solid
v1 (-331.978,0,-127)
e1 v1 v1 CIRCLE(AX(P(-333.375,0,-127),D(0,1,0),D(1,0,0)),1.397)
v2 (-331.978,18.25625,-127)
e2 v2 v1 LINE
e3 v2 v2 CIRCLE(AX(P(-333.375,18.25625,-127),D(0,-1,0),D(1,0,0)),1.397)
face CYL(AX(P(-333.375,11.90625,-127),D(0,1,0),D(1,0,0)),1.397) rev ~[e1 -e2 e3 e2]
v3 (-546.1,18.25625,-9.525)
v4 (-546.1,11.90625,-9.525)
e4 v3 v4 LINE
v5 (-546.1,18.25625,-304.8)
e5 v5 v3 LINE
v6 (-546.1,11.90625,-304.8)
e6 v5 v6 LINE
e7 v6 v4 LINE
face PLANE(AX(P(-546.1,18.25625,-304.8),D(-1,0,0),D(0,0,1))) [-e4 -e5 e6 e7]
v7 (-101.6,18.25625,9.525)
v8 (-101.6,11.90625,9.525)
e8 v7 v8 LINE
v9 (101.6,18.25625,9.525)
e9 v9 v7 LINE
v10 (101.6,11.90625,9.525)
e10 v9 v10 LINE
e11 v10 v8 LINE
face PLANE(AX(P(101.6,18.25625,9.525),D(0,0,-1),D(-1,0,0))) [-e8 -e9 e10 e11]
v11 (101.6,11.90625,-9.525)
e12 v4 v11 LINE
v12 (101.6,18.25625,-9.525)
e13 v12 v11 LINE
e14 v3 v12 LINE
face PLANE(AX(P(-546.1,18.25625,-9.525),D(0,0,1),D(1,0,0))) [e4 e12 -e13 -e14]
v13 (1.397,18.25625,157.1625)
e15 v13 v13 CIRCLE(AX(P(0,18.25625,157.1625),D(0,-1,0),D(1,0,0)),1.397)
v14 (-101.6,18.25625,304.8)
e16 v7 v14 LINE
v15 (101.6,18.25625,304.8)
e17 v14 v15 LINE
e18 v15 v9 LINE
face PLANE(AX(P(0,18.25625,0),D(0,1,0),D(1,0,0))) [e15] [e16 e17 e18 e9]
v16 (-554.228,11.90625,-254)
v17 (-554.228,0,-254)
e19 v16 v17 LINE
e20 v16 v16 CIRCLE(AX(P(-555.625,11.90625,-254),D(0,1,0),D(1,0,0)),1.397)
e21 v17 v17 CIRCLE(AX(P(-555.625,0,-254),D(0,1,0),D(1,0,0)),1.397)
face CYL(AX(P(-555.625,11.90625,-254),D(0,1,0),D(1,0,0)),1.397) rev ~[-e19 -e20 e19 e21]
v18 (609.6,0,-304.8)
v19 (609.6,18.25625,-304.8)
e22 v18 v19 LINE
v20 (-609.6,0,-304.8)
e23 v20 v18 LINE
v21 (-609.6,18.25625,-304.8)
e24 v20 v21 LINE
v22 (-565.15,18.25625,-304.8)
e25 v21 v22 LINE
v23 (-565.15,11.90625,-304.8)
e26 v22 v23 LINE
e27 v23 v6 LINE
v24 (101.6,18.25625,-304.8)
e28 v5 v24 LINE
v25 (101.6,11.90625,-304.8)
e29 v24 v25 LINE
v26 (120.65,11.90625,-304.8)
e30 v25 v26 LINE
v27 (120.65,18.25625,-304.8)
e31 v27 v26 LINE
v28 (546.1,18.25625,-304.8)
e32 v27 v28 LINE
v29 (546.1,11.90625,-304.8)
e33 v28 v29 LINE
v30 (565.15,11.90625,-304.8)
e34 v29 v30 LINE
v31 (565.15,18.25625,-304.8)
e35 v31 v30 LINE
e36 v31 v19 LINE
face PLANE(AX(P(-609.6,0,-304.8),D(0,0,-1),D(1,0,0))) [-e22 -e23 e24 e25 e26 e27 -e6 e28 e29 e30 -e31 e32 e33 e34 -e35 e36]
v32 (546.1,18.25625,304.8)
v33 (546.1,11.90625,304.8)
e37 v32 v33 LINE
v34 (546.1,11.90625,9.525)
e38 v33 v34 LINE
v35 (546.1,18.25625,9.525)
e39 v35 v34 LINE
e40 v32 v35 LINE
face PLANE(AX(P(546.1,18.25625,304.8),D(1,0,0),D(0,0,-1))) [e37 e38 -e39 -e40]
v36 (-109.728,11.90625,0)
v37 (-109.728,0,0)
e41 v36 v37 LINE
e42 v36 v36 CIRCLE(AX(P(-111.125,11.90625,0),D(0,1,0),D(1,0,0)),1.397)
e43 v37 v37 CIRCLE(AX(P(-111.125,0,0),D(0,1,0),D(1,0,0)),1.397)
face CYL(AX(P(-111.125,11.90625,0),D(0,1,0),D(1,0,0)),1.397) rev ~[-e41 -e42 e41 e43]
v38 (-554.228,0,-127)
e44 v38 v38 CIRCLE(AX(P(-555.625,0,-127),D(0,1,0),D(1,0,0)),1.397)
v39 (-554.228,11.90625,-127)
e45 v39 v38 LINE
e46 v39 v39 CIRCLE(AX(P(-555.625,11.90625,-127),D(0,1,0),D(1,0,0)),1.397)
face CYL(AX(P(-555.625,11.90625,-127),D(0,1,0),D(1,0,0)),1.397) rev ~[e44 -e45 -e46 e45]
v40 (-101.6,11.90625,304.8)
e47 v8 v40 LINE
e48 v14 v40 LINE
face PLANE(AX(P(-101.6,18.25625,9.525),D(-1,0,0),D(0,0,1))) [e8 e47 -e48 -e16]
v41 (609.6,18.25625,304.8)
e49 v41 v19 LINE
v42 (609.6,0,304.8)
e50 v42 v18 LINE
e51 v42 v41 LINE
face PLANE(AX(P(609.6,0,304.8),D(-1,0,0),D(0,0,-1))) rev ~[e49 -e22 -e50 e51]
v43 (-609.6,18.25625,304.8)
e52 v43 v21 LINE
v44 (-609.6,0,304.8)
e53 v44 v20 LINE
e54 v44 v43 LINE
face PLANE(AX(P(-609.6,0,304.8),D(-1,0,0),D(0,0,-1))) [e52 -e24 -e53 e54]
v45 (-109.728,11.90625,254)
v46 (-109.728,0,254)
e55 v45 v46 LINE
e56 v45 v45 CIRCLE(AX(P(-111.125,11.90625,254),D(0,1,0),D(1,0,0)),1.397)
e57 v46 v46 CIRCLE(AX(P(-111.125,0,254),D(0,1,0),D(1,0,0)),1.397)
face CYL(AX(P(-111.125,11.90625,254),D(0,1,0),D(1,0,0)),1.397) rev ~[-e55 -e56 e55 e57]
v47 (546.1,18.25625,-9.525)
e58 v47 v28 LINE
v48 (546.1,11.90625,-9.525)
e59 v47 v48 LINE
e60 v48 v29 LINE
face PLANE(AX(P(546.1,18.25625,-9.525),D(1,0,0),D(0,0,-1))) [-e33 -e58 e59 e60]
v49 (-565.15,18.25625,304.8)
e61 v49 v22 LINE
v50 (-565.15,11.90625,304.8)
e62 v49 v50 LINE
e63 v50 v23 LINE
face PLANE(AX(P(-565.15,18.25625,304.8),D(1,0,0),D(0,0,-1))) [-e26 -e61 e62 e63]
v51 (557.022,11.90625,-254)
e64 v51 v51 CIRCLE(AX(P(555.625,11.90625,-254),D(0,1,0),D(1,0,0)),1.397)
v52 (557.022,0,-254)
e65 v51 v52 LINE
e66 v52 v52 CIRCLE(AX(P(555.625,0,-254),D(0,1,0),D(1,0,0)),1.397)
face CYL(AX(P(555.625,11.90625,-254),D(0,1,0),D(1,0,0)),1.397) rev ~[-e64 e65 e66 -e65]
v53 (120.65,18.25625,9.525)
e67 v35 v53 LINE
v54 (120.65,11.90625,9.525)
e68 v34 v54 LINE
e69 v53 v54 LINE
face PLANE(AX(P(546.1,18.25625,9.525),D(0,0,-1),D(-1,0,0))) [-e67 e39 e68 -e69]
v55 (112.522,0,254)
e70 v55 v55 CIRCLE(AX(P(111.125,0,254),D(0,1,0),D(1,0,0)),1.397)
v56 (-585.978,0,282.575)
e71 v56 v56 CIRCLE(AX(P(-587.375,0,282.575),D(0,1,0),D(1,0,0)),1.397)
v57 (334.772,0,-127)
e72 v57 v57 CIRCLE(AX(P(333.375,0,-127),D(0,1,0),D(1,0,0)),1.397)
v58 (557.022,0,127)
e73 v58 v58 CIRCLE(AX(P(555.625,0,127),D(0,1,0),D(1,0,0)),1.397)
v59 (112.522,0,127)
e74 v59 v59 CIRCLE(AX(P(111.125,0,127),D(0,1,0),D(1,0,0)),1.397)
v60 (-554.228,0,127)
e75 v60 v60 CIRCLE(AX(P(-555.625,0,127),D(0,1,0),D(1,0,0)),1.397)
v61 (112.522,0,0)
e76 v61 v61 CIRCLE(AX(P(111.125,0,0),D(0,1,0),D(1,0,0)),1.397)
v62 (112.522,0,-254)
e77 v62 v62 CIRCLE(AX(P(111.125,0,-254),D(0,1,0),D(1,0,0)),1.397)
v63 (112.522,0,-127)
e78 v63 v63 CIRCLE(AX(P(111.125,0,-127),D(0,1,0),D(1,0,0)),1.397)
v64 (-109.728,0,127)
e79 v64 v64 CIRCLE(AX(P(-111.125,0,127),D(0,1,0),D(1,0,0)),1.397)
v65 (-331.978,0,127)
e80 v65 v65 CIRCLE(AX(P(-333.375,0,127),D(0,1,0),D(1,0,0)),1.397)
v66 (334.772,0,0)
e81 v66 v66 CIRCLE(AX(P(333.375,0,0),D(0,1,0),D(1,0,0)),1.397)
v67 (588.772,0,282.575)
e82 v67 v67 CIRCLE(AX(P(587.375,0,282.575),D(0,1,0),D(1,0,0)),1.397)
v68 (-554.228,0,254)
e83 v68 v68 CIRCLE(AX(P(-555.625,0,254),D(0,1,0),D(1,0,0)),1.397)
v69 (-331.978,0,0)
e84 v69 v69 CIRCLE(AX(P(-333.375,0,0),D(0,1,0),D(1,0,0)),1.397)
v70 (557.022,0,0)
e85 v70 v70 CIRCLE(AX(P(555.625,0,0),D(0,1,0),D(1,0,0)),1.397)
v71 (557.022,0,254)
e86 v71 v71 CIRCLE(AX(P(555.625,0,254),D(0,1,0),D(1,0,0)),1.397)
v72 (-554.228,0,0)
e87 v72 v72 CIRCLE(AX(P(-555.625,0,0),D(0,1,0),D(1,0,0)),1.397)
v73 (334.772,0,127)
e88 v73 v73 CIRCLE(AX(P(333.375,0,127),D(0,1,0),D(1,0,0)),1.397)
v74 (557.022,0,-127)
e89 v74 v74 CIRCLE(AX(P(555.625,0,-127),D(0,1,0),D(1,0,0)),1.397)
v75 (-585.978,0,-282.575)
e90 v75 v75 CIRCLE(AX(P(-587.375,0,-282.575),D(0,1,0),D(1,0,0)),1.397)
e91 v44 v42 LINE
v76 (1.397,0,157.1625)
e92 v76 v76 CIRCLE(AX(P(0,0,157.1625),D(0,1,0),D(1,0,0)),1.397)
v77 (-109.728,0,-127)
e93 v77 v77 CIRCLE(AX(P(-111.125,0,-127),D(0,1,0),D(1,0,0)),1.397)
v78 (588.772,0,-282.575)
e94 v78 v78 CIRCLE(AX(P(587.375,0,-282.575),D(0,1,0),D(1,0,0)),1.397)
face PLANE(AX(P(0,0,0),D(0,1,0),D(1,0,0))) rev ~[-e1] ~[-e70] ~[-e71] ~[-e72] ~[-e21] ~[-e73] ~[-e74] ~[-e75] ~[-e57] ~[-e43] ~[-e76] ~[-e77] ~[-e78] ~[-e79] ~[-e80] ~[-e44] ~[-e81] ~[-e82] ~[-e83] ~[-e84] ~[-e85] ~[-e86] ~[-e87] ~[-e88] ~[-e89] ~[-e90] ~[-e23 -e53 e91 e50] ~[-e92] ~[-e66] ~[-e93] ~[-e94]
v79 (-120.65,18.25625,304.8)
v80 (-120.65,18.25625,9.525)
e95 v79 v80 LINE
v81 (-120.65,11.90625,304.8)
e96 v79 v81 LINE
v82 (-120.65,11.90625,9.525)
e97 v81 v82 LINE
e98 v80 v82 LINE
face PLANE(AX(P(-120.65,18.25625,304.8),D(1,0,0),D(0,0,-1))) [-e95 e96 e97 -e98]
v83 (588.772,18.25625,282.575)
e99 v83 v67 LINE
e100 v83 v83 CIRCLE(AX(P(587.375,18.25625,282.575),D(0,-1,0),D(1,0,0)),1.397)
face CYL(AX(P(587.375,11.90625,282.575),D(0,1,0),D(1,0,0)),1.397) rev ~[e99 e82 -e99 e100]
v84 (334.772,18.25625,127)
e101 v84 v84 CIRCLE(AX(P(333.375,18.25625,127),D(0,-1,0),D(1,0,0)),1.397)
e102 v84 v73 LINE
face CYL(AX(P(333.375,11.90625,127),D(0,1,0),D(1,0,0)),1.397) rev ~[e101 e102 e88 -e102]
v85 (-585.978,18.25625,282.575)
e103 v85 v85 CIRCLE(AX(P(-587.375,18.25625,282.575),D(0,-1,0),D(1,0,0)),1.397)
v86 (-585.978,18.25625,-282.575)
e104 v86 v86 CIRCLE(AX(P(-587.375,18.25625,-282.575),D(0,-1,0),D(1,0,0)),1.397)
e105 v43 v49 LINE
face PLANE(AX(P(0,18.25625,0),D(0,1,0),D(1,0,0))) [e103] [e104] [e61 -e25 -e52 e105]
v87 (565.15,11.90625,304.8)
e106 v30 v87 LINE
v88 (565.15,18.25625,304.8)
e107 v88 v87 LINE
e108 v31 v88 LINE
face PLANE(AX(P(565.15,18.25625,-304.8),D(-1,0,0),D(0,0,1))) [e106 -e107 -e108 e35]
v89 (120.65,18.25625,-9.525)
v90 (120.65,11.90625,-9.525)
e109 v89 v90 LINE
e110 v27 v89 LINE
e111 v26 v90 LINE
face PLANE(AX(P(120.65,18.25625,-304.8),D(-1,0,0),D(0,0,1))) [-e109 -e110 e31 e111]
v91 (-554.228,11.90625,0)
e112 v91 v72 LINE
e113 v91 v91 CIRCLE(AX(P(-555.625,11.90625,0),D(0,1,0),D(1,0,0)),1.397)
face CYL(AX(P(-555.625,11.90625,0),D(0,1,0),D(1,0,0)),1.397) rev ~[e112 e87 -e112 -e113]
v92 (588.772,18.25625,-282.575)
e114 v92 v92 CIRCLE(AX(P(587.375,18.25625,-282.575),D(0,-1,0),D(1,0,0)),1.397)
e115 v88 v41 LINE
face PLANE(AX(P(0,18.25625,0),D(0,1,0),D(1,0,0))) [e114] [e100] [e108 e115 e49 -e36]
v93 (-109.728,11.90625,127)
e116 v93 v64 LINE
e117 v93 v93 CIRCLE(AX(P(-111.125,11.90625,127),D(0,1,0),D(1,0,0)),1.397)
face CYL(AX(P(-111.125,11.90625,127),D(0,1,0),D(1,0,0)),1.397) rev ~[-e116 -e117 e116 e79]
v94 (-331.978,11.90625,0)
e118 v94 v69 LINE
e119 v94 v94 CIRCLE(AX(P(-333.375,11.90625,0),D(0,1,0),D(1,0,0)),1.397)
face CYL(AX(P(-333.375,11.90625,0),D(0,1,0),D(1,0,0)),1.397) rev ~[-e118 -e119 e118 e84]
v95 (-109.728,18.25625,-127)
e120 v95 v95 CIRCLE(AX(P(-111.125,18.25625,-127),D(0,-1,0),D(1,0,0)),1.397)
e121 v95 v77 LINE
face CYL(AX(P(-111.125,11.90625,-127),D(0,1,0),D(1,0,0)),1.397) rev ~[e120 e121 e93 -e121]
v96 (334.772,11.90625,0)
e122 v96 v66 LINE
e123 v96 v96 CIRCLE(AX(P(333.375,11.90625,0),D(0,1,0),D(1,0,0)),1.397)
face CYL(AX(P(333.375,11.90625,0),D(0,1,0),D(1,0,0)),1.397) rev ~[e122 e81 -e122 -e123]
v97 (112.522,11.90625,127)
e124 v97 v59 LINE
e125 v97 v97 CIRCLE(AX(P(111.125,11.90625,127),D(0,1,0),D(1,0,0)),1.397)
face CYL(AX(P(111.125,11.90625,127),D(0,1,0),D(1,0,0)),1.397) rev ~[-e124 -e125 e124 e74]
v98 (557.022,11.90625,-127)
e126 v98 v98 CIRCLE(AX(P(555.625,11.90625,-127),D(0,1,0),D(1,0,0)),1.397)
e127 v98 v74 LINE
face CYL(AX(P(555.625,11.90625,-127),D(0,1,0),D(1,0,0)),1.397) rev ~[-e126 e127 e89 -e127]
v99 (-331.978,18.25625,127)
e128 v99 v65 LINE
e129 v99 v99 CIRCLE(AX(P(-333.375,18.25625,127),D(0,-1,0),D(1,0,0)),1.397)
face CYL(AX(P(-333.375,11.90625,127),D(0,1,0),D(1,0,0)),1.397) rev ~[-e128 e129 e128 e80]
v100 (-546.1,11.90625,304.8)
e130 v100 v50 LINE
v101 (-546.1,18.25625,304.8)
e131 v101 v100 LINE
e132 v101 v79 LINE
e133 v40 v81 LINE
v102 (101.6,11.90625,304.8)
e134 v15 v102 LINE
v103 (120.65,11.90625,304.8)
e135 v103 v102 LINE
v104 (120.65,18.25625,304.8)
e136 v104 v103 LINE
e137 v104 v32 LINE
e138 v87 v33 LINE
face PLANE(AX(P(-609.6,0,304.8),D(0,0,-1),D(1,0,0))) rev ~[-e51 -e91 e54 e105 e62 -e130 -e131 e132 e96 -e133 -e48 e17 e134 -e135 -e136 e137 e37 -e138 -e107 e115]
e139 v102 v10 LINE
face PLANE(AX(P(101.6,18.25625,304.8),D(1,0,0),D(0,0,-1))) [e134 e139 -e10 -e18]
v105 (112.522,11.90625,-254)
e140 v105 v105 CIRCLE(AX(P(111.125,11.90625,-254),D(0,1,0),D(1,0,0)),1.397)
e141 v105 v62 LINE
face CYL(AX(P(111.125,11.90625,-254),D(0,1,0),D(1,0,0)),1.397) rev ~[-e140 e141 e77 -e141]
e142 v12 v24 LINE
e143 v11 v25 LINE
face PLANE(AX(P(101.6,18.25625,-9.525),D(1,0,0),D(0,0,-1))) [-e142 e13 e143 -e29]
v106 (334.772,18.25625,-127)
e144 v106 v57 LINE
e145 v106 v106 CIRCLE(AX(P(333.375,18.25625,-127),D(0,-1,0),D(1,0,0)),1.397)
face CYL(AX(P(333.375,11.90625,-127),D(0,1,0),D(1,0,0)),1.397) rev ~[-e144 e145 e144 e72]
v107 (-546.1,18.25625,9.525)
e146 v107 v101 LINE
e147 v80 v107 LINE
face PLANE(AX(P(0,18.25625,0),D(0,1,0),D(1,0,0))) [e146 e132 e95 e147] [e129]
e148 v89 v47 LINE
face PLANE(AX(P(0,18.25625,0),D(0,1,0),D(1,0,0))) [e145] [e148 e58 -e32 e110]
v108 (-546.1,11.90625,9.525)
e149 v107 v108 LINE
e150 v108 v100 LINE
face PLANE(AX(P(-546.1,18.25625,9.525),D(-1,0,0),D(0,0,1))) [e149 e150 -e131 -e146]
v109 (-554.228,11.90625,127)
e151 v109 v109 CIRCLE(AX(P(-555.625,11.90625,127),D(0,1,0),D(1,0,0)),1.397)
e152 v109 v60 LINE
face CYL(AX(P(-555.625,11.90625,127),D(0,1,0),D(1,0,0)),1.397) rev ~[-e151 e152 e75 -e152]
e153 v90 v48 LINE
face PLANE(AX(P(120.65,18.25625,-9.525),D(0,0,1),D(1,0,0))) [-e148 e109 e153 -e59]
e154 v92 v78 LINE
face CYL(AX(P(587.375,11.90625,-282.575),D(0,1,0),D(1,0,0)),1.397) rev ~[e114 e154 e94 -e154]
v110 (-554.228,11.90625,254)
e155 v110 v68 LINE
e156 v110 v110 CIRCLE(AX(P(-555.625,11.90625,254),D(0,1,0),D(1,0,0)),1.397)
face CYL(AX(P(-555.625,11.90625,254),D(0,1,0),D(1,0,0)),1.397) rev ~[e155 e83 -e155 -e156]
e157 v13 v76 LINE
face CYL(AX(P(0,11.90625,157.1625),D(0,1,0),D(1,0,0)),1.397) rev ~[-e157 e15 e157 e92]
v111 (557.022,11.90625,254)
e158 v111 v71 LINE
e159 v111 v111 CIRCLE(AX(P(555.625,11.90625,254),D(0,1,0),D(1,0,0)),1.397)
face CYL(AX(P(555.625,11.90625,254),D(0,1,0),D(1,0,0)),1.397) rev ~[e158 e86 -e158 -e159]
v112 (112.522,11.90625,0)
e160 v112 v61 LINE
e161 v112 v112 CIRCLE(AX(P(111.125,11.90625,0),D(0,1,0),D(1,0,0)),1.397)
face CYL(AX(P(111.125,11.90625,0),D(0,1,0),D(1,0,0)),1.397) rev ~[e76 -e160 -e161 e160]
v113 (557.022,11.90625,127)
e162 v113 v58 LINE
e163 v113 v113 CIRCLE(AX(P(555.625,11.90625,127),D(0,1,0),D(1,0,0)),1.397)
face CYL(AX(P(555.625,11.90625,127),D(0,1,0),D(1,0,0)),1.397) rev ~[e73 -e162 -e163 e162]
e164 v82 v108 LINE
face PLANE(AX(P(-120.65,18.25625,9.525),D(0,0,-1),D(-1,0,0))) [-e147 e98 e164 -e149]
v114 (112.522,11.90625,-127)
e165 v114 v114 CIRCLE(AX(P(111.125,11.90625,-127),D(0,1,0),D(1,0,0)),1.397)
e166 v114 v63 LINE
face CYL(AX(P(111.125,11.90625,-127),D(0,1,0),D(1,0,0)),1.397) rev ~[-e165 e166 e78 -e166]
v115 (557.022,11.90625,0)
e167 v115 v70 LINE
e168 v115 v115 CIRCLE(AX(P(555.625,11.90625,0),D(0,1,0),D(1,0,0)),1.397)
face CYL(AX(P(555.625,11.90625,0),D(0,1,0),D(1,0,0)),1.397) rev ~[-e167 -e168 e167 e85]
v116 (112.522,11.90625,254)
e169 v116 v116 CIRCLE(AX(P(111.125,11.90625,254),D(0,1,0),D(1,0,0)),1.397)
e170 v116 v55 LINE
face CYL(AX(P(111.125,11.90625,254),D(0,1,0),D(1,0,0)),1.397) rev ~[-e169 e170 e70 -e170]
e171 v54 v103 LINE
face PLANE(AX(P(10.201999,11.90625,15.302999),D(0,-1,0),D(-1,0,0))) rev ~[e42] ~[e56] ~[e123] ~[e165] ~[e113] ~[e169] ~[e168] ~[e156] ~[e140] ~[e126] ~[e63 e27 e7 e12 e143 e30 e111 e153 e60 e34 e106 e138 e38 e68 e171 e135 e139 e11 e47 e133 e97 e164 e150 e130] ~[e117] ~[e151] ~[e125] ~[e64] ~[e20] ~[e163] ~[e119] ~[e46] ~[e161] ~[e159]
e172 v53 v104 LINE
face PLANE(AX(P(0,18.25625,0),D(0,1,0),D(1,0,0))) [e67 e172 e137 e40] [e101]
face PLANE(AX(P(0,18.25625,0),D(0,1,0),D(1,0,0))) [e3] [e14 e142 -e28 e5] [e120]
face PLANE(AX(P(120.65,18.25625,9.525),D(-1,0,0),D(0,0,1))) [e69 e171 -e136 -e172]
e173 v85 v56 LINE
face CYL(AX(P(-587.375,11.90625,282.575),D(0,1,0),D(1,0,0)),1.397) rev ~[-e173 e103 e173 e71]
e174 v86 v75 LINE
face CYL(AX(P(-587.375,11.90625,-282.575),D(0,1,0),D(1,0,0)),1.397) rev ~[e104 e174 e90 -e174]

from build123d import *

# Parameters (mm, degrees)
SKETCH1_W               = 1219.2
SKETCH1_H               = 609.6
BOSS_EXTRUDE1_DEPTH     = 18.25625
CUT_EXTRUDE1_DEPTH      = 6.35
SKETCH4_R               = 1.397
CUT_EXTRUDE2_DEPTH      = 7.35
CUT_EXTRUDE2_DEPTH_BACK = 12.90625


with BuildPart() as part:
    # Sketch1 → Boss-Extrude1 (new body)
    with BuildSketch(Plane(origin=(0, 0, 0), x_dir=(1, 0, 0), z_dir=(0, 1, 0))):
        Rectangle(SKETCH1_W, SKETCH1_H)
    extrude(amount=BOSS_EXTRUDE1_DEPTH)

    # Sketch2 → Cut-Extrude1 (cut)
    with BuildSketch(Plane(origin=(0, 18.25625, 0), x_dir=(1, 0, 0), z_dir=(0, 1, 0))):
        Polygon((-565.15, 304.8), (-546.1, 304.8), (-546.1, 9.525), (101.6, 9.525), (101.6, 304.8), (120.65, 304.8), (120.65, 9.525), (546.1, 9.525), (546.1, 304.8), (565.15, 304.8), (565.15, -304.8), (546.1, -304.8), (546.1, -9.525), (120.65, -9.525), (120.65, -304.8), (101.6, -304.8), (101.6, -9.525), (-101.6, -9.525), (-101.6, -304.8), (-120.65, -304.8), (-120.65, -9.525), (-546.1, -9.525), (-546.1, -304.8), (-565.15, -304.8), align=None)
    extrude(amount=-CUT_EXTRUDE1_DEPTH, mode=Mode.SUBTRACT)

    # Sketch4 → Cut-Extrude2 (cut, two sides)
    with BuildSketch(Plane(origin=(0, 11.90625, 0), x_dir=(1, 0, 0), z_dir=(0, 1, 0))) as cut_extrude2_sk:
        with Locations((-555.625, 254)):
            Circle(SKETCH4_R)
        with Locations((111.125, 254)):
            Circle(SKETCH4_R)
        with Locations((555.625, 254)):
            Circle(SKETCH4_R)
        with Locations((-333.375, 127)):
            Circle(SKETCH4_R)
        with Locations((-111.125, 127)):
            Circle(SKETCH4_R)
        with Locations((111.125, 127)):
            Circle(SKETCH4_R)
        with Locations((333.375, 127)):
            Circle(SKETCH4_R)
        with Locations((555.625, 127)):
            Circle(SKETCH4_R)
        with Locations((-333.375, 0)):
            Circle(SKETCH4_R)
        with Locations((-111.125, 0)):
            Circle(SKETCH4_R)
        with Locations((111.125, 0)):
            Circle(SKETCH4_R)
        with Locations((333.375, 0)):
            Circle(SKETCH4_R)
        with Locations((555.625, 0)):
            Circle(SKETCH4_R)
        with Locations((-333.375, -127)):
            Circle(SKETCH4_R)
        with Locations((-111.125, -127)):
            Circle(SKETCH4_R)
        with Locations((111.125, -127)):
            Circle(SKETCH4_R)
        with Locations((333.375, -127)):
            Circle(SKETCH4_R)
        with Locations((555.625, -127)):
            Circle(SKETCH4_R)
        with Locations((-111.125, -254)):
            Circle(SKETCH4_R)
        with Locations((111.125, -254)):
            Circle(SKETCH4_R)
        with Locations((555.625, -254)):
            Circle(SKETCH4_R)
        with Locations((-555.625, 127)):
            Circle(SKETCH4_R)
        with Locations((-555.625, 0)):
            Circle(SKETCH4_R)
        with Locations((-555.625, -127)):
            Circle(SKETCH4_R)
        with Locations((-555.625, -254)):
            Circle(SKETCH4_R)
        with Locations((-587.375, 282.575)):
            Circle(SKETCH4_R)
        with Locations((587.375, 282.575)):
            Circle(SKETCH4_R)
        with Locations((587.375, -282.575)):
            Circle(SKETCH4_R)
        with Locations((-587.375, -282.575)):
            Circle(SKETCH4_R)
        with Locations((0, -157.1625)):
            Circle(SKETCH4_R)
    extrude(amount=CUT_EXTRUDE2_DEPTH, mode=Mode.SUBTRACT)
    extrude(cut_extrude2_sk.sketch, amount=-CUT_EXTRUDE2_DEPTH_BACK, mode=Mode.SUBTRACT)


solid = part.part
